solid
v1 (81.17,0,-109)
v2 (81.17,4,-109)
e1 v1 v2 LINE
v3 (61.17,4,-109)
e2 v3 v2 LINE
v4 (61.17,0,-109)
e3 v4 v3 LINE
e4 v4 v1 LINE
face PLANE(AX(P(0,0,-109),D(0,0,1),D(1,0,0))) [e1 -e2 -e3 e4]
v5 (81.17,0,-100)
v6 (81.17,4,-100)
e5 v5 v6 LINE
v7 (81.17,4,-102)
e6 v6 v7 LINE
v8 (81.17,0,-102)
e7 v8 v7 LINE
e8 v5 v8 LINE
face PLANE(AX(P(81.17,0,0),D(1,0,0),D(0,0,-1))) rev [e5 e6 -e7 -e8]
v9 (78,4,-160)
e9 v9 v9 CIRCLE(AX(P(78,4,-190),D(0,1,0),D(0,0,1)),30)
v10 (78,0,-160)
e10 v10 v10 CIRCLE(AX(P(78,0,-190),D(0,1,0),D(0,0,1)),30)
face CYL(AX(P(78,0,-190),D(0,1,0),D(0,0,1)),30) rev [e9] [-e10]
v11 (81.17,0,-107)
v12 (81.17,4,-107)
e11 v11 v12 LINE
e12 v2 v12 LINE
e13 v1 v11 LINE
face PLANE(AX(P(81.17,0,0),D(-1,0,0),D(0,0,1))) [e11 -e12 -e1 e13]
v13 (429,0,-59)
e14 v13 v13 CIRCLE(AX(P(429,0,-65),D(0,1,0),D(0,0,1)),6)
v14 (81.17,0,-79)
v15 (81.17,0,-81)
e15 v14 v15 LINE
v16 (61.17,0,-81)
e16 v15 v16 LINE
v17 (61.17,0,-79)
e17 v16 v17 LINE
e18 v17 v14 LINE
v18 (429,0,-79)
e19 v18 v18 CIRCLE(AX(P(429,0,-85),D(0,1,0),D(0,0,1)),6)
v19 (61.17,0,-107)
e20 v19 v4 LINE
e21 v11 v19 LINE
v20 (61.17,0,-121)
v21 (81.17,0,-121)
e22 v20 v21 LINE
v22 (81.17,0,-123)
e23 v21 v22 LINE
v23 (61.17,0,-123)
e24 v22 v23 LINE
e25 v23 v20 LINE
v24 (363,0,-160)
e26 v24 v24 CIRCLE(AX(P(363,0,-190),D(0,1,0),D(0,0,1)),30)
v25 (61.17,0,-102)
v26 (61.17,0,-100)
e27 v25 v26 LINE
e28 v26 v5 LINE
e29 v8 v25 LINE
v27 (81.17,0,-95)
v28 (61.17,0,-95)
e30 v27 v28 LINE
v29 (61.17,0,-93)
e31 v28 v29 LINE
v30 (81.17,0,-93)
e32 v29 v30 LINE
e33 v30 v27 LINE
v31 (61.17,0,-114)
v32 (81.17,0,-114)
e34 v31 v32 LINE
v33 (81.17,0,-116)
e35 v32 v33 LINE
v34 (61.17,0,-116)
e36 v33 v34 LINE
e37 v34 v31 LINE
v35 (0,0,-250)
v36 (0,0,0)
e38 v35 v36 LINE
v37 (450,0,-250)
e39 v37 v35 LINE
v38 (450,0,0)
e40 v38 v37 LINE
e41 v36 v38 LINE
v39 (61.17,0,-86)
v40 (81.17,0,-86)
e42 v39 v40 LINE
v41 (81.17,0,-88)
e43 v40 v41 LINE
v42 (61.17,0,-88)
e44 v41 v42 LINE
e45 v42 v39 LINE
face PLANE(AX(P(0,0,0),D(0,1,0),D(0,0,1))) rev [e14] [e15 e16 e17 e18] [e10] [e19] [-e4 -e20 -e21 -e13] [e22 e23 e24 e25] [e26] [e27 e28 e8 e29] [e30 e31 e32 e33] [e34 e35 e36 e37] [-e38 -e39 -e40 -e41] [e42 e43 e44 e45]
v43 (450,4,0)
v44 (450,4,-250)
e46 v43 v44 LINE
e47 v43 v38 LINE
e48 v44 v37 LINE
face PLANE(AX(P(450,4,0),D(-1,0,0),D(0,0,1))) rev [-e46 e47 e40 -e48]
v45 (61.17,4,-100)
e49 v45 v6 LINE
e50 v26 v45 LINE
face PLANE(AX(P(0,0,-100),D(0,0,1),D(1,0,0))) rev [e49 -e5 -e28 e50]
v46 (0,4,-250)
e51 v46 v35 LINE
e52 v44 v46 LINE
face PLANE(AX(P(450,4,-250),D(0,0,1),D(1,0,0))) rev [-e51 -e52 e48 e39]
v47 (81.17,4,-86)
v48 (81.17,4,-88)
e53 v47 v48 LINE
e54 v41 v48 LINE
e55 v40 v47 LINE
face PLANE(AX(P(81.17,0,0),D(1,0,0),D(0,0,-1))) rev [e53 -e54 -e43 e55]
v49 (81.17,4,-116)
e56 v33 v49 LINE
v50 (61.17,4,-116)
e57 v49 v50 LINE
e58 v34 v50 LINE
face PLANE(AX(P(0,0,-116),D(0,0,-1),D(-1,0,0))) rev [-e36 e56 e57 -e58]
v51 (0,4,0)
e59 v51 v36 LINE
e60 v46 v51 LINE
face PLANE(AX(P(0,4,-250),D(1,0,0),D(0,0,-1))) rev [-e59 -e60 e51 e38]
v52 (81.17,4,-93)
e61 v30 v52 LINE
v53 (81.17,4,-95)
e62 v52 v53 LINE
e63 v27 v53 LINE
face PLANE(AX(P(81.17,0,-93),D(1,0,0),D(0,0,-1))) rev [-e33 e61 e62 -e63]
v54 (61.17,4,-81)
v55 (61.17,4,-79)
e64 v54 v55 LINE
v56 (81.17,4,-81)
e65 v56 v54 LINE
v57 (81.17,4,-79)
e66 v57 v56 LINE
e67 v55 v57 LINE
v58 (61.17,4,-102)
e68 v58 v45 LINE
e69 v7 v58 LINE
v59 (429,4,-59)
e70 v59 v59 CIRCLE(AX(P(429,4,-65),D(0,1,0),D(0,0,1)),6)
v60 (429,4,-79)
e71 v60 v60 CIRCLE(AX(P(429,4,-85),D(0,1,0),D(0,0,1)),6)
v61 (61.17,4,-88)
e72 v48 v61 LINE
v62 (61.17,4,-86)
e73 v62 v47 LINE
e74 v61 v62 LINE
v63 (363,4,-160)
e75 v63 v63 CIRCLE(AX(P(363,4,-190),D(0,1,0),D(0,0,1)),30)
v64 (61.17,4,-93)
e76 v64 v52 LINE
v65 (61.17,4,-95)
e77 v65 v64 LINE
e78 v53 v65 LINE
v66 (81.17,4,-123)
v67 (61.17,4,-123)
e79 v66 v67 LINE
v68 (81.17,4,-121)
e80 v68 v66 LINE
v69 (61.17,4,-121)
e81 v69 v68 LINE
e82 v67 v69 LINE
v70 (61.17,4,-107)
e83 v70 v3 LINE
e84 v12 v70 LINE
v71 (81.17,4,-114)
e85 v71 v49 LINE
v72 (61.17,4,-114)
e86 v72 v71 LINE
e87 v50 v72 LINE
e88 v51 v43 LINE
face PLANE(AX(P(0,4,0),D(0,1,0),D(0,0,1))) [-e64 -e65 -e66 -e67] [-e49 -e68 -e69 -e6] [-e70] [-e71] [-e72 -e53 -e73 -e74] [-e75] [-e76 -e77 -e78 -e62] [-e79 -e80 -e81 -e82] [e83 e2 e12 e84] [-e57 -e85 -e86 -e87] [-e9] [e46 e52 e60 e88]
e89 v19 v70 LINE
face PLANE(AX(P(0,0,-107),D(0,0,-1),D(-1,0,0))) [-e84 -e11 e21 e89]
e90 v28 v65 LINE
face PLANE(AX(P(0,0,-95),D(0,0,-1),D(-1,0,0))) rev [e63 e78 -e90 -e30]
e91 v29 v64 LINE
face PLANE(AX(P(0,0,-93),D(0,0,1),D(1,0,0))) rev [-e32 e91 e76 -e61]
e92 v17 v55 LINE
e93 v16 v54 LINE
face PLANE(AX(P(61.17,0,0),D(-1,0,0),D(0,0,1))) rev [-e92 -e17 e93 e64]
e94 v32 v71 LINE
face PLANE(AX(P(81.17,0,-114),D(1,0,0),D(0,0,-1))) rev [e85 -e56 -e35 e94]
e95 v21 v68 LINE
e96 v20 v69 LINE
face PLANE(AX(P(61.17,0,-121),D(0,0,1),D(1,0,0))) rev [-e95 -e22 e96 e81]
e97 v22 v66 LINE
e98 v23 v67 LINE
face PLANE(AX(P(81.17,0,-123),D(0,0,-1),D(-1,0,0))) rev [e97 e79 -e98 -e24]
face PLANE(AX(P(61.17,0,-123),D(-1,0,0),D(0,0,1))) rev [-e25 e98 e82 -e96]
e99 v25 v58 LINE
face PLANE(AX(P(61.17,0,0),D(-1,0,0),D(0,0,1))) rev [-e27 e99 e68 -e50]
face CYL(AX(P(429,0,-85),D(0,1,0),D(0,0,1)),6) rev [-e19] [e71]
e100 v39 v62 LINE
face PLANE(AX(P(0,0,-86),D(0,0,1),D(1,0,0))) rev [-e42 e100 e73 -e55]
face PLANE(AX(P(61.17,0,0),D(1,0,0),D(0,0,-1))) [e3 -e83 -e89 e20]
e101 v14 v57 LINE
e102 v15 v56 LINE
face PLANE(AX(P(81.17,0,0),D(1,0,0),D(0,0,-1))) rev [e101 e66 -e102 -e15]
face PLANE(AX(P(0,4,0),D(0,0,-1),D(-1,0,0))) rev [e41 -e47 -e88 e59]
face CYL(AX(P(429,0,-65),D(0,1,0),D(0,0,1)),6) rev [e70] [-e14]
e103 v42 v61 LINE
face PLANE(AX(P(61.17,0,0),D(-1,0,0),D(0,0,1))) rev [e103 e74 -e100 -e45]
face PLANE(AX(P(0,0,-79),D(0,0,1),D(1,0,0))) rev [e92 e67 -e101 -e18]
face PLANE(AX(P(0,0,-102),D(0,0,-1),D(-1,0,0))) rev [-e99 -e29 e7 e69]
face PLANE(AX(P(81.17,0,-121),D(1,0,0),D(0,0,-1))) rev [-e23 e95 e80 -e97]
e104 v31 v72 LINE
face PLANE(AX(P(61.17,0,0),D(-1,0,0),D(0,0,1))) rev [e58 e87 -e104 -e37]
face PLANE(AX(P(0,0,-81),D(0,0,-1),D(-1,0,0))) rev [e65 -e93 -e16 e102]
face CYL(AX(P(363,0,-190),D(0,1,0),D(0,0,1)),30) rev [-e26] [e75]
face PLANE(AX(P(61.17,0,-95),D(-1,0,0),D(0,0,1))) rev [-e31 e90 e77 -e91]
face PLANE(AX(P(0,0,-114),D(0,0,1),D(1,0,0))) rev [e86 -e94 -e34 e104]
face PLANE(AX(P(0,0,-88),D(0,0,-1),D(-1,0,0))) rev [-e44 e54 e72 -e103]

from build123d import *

# Parameters (mm, degrees)
SKETCH_1_W          = 450
SKETCH_1_H          = 250
EXTRUDE_1_DEPTH     = 4
SKETCH_2_R          = 30
CUT_EXTRUDE_1_DEPTH = 515.797047389
SKETCH_3_R          = 6
SKETCH_3_W          = 20
SKETCH_3_H          = 2
CUT_EXTRUDE_2_DEPTH = 515.797047389


with BuildPart() as part:
    # 草圖1 → 填料-伸長1 (new body)
    with BuildSketch(Plane(origin=(0, 0, 0), x_dir=(1, 0, 0), z_dir=(0, 1, 0))):
        with Locations((225, 125)):
            Rectangle(SKETCH_1_W, SKETCH_1_H)
    extrude(amount=EXTRUDE_1_DEPTH)

    # 草圖2 → 除料-伸長1 (cut, through all)
    with BuildSketch(Plane(origin=(0, 4, 0), x_dir=(1, 0, 0), z_dir=(0, 1, 0))):
        with Locations(Location((78, 190, 0), (0, 0, 270))):
            Circle(SKETCH_2_R)
        with Locations(Location((363, 190, 0), (0, 0, 270))):
            Circle(SKETCH_2_R)
    extrude(amount=-CUT_EXTRUDE_1_DEPTH, mode=Mode.SUBTRACT)

    # 草圖3 → 除料-伸長2 (cut, through all)
    with BuildSketch(Plane(origin=(0, 4, 0), x_dir=(1, 0, 0), z_dir=(0, 1, 0))):
        with Locations(Location((429, 85, 0), (0, 0, 270))):
            Circle(SKETCH_3_R)
        with Locations(Location((429, 65, 0), (0, 0, 270))):
            Circle(SKETCH_3_R)
        with Locations((71.17, 122)):
            Rectangle(SKETCH_3_W, SKETCH_3_H)
        with Locations((71.17, 101)):
            Rectangle(SKETCH_3_W, SKETCH_3_H)
        with Locations((71.17, 115)):
            Rectangle(SKETCH_3_W, SKETCH_3_H)
        with Locations((71.17, 108)):
            Rectangle(SKETCH_3_W, SKETCH_3_H)
        with Locations((71.17, 94)):
            Rectangle(SKETCH_3_W, SKETCH_3_H)
        with Locations((71.17, 87)):
            Rectangle(SKETCH_3_W, SKETCH_3_H)
        with Locations((71.17, 80)):
            Rectangle(SKETCH_3_W, SKETCH_3_H)
    extrude(amount=-CUT_EXTRUDE_2_DEPTH, mode=Mode.SUBTRACT)


solid = part.part
